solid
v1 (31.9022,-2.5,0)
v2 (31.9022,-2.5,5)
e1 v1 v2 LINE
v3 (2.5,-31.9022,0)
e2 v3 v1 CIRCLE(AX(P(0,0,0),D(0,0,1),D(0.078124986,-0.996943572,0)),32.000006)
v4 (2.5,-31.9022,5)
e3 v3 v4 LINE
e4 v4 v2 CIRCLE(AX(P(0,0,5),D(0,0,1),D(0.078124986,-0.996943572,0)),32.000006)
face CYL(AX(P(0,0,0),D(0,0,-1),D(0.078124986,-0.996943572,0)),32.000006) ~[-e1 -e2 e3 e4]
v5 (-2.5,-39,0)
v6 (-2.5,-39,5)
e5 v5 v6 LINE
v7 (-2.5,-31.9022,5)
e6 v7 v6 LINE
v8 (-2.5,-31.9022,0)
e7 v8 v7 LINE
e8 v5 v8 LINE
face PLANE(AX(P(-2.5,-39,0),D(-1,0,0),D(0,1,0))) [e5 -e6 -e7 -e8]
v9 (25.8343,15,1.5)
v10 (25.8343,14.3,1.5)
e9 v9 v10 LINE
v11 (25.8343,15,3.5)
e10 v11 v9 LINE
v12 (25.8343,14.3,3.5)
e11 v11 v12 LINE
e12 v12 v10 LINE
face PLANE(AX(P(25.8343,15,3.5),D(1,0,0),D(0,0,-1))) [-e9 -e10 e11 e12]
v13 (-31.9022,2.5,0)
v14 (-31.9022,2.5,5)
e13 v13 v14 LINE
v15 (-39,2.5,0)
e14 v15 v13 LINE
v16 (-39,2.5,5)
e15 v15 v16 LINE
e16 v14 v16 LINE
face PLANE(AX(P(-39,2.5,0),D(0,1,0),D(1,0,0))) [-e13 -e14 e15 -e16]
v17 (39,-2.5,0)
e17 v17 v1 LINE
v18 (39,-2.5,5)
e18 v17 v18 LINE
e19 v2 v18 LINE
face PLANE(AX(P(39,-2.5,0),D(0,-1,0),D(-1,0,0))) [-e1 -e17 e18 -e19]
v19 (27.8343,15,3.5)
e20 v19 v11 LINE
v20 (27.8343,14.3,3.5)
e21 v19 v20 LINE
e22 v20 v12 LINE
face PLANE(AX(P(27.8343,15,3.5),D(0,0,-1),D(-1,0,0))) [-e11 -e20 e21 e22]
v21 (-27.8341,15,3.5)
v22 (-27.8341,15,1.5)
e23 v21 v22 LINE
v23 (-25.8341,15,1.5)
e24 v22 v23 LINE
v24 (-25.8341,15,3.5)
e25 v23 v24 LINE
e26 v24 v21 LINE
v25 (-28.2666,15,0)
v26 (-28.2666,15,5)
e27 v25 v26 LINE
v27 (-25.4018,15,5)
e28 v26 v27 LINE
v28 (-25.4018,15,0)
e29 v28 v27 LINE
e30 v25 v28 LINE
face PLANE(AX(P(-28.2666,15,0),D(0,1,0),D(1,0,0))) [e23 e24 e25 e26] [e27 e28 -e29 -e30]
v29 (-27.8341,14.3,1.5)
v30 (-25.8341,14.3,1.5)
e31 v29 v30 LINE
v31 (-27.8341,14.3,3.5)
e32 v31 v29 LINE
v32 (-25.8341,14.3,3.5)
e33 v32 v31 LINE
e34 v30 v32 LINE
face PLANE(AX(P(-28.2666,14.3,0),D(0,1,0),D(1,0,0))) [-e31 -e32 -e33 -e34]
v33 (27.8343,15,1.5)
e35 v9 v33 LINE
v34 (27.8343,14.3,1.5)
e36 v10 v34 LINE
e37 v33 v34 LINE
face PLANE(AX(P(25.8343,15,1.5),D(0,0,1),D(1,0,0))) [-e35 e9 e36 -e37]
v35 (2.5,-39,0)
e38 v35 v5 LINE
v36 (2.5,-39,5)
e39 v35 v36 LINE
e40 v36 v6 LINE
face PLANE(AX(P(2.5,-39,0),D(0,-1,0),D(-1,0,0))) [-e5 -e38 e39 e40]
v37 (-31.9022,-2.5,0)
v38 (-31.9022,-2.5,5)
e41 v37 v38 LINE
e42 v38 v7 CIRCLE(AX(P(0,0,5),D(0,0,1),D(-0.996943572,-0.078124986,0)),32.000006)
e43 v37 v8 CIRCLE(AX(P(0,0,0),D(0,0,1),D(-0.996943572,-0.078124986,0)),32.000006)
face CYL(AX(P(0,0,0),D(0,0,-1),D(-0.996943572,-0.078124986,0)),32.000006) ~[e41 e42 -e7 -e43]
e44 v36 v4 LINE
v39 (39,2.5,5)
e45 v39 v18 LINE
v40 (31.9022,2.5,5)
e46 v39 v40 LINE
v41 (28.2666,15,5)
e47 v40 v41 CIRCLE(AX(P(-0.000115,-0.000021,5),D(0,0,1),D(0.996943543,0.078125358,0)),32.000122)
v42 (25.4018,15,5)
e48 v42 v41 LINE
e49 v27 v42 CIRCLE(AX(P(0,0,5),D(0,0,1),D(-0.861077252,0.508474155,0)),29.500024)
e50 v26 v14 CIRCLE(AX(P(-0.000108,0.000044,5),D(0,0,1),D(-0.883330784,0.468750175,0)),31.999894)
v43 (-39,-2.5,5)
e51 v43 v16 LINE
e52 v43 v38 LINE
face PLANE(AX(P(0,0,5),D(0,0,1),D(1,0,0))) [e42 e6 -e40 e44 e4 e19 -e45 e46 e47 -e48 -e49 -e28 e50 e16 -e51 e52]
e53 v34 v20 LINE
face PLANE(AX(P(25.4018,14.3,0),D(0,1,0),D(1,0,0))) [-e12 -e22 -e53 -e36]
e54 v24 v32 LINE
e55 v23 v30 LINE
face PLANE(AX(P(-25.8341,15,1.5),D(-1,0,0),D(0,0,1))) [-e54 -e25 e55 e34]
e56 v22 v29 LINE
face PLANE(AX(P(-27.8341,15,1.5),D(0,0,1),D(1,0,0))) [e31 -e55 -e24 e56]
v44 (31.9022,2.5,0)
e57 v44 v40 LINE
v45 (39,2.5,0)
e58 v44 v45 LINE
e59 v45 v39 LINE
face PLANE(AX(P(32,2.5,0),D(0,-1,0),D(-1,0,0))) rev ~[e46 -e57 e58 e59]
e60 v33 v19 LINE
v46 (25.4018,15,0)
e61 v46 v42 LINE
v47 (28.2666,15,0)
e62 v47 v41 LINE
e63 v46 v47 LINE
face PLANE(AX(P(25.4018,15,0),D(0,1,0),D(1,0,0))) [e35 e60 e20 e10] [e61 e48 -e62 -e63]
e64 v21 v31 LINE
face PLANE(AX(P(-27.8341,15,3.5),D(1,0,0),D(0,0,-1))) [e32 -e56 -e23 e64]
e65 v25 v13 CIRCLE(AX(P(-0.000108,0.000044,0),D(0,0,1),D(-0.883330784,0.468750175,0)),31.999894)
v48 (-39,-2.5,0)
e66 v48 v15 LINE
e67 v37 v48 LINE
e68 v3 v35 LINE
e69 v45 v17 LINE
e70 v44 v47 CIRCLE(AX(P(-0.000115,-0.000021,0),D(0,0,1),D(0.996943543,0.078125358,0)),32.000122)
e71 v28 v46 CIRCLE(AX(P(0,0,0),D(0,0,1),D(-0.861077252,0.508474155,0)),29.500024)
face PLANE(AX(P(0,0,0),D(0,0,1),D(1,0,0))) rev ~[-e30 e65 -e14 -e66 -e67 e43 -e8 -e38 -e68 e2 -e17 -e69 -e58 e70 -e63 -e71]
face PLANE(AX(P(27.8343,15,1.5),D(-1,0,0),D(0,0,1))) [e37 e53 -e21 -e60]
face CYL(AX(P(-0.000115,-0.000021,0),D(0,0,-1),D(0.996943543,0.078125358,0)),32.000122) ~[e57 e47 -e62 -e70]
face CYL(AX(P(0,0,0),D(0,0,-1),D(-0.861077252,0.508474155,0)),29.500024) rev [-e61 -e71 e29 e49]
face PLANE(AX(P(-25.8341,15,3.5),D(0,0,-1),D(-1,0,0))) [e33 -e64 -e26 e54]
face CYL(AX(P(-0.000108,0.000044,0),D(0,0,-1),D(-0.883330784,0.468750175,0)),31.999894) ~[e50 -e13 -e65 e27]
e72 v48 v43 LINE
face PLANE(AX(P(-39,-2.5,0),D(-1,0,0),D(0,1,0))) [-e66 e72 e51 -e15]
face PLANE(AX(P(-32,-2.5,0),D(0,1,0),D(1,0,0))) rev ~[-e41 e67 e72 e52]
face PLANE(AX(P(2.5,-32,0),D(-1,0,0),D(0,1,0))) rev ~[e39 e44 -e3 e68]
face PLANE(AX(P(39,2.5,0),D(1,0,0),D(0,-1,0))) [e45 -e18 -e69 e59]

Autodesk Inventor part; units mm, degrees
ref_plane "YZ Plane" through (0, 0, 0) normal (1, 0, 0) x (0, 1, 0)
ref_plane "XZ Plane" through (0, 0, 0) normal (0, 1, 0) x (-1, 0, 0)
ref_plane "XY Plane" through (0, 0, 0) normal (0, 0, 1) x (1, 0, 0)
sketch "Sketch1" plane through (0, 0, 0) normal (0, 0, 1) x (1, 0, 0)
  arc A0 (-25.4018, 15) -> (25.4018, 15) centre (0, 0) ccw
  line L0 (-28.2666, 15) -> (-25.4018, 15)
  line L1 (25.4018, 15) -> (28.2666, 15)
  line L2 (-39, 2.5) -> (-32, 2.5)
  line L3 (-32, -2.5) -> (-39, -2.5)
  line L4 (-39, -2.5) -> (-39, 2.5)
  line L5 (-32, 2.5) -> (-31.9022, 2.5)
  line L6 (-32, -2.5) -> (-31.9022, -2.5)
  line L7 (2.5, -32) -> (2.5, -39)
  line L8 (2.5, -39) -> (-2.5, -39)
  line L9 (-2.5, -39) -> (-2.5, -32)
  line L10 (-2.5, -32) -> (-2.5, -31.9022)
  line L11 (2.5, -32) -> (2.5, -31.9022)
  line L12 (32, 2.5) -> (39, 2.5)
  line L13 (39, 2.5) -> (39, -2.5)
  line L14 (39, -2.5) -> (32, -2.5)
  line L15 (32, 2.5) -> (31.9022, 2.5)
  line L16 (32, -2.5) -> (31.9022, -2.5)
  arc A1 (-28.2666, 15) -> (-31.9022, 2.5) centre (0, 0) ccw
  arc A2 (-31.9022, -2.5) -> (-2.5, -31.9022) centre (0, 0) ccw
  arc A3 (2.5, -31.9022) -> (31.9022, -2.5) centre (0, 0) ccw
  arc A4 (31.9022, 2.5) -> (28.2666, 15) centre (0, 0) ccw
  dimension "d18" = 59
  dimension "d41" = 7
  dimension "d42" = 5
  dimension "d43" = 5
  dimension "d44" = 7
  dimension "d45" = 7
  dimension "d46" = 5
extrude "Extrusion2" add sketch "Sketch1" along normal blind 5
sketch "Sketch2" plane through (-28.2666, 15, 0) normal (0, 1, 0) x (1, 0, 0)
  line L0 (0.4325, -1.5) -> (2.4325, -1.5)
  line L1 (2.4325, -1.5) -> (2.4325, -3.5)
  line L2 (2.4325, -3.5) -> (0.4325, -3.5)
  line L3 (0.4325, -3.5) -> (0.4325, -1.5)
  point P0 (28.2666, 0)
  point P1 (1.4325, -2.5)
  dimension "d51" = 2
  dimension "d52" = 2
sketch "Sketch3" plane through (25.4018, 15, 0) normal (0, 1, 0) x (1, 0, 0)
  line L0 (0.4325, -1.5) -> (2.4325, -1.5)
  line L1 (2.4325, -1.5) -> (2.4325, -3.5)
  line L2 (2.4325, -3.5) -> (0.4325, -3.5)
  line L3 (0.4325, -3.5) -> (0.4325, -1.5)
  point P0 (-25.4018, 0)
  point P1 (1.4325, -2.5)
  dimension "d55" = 2
  dimension "d56" = 2
extrude "Extrusion3" cut sketch "Sketch2" against normal blind 0.7
extrude "Extrusion4" cut sketch "Sketch3" against normal blind 0.7
properties part number "Clip_TestFitV1"
